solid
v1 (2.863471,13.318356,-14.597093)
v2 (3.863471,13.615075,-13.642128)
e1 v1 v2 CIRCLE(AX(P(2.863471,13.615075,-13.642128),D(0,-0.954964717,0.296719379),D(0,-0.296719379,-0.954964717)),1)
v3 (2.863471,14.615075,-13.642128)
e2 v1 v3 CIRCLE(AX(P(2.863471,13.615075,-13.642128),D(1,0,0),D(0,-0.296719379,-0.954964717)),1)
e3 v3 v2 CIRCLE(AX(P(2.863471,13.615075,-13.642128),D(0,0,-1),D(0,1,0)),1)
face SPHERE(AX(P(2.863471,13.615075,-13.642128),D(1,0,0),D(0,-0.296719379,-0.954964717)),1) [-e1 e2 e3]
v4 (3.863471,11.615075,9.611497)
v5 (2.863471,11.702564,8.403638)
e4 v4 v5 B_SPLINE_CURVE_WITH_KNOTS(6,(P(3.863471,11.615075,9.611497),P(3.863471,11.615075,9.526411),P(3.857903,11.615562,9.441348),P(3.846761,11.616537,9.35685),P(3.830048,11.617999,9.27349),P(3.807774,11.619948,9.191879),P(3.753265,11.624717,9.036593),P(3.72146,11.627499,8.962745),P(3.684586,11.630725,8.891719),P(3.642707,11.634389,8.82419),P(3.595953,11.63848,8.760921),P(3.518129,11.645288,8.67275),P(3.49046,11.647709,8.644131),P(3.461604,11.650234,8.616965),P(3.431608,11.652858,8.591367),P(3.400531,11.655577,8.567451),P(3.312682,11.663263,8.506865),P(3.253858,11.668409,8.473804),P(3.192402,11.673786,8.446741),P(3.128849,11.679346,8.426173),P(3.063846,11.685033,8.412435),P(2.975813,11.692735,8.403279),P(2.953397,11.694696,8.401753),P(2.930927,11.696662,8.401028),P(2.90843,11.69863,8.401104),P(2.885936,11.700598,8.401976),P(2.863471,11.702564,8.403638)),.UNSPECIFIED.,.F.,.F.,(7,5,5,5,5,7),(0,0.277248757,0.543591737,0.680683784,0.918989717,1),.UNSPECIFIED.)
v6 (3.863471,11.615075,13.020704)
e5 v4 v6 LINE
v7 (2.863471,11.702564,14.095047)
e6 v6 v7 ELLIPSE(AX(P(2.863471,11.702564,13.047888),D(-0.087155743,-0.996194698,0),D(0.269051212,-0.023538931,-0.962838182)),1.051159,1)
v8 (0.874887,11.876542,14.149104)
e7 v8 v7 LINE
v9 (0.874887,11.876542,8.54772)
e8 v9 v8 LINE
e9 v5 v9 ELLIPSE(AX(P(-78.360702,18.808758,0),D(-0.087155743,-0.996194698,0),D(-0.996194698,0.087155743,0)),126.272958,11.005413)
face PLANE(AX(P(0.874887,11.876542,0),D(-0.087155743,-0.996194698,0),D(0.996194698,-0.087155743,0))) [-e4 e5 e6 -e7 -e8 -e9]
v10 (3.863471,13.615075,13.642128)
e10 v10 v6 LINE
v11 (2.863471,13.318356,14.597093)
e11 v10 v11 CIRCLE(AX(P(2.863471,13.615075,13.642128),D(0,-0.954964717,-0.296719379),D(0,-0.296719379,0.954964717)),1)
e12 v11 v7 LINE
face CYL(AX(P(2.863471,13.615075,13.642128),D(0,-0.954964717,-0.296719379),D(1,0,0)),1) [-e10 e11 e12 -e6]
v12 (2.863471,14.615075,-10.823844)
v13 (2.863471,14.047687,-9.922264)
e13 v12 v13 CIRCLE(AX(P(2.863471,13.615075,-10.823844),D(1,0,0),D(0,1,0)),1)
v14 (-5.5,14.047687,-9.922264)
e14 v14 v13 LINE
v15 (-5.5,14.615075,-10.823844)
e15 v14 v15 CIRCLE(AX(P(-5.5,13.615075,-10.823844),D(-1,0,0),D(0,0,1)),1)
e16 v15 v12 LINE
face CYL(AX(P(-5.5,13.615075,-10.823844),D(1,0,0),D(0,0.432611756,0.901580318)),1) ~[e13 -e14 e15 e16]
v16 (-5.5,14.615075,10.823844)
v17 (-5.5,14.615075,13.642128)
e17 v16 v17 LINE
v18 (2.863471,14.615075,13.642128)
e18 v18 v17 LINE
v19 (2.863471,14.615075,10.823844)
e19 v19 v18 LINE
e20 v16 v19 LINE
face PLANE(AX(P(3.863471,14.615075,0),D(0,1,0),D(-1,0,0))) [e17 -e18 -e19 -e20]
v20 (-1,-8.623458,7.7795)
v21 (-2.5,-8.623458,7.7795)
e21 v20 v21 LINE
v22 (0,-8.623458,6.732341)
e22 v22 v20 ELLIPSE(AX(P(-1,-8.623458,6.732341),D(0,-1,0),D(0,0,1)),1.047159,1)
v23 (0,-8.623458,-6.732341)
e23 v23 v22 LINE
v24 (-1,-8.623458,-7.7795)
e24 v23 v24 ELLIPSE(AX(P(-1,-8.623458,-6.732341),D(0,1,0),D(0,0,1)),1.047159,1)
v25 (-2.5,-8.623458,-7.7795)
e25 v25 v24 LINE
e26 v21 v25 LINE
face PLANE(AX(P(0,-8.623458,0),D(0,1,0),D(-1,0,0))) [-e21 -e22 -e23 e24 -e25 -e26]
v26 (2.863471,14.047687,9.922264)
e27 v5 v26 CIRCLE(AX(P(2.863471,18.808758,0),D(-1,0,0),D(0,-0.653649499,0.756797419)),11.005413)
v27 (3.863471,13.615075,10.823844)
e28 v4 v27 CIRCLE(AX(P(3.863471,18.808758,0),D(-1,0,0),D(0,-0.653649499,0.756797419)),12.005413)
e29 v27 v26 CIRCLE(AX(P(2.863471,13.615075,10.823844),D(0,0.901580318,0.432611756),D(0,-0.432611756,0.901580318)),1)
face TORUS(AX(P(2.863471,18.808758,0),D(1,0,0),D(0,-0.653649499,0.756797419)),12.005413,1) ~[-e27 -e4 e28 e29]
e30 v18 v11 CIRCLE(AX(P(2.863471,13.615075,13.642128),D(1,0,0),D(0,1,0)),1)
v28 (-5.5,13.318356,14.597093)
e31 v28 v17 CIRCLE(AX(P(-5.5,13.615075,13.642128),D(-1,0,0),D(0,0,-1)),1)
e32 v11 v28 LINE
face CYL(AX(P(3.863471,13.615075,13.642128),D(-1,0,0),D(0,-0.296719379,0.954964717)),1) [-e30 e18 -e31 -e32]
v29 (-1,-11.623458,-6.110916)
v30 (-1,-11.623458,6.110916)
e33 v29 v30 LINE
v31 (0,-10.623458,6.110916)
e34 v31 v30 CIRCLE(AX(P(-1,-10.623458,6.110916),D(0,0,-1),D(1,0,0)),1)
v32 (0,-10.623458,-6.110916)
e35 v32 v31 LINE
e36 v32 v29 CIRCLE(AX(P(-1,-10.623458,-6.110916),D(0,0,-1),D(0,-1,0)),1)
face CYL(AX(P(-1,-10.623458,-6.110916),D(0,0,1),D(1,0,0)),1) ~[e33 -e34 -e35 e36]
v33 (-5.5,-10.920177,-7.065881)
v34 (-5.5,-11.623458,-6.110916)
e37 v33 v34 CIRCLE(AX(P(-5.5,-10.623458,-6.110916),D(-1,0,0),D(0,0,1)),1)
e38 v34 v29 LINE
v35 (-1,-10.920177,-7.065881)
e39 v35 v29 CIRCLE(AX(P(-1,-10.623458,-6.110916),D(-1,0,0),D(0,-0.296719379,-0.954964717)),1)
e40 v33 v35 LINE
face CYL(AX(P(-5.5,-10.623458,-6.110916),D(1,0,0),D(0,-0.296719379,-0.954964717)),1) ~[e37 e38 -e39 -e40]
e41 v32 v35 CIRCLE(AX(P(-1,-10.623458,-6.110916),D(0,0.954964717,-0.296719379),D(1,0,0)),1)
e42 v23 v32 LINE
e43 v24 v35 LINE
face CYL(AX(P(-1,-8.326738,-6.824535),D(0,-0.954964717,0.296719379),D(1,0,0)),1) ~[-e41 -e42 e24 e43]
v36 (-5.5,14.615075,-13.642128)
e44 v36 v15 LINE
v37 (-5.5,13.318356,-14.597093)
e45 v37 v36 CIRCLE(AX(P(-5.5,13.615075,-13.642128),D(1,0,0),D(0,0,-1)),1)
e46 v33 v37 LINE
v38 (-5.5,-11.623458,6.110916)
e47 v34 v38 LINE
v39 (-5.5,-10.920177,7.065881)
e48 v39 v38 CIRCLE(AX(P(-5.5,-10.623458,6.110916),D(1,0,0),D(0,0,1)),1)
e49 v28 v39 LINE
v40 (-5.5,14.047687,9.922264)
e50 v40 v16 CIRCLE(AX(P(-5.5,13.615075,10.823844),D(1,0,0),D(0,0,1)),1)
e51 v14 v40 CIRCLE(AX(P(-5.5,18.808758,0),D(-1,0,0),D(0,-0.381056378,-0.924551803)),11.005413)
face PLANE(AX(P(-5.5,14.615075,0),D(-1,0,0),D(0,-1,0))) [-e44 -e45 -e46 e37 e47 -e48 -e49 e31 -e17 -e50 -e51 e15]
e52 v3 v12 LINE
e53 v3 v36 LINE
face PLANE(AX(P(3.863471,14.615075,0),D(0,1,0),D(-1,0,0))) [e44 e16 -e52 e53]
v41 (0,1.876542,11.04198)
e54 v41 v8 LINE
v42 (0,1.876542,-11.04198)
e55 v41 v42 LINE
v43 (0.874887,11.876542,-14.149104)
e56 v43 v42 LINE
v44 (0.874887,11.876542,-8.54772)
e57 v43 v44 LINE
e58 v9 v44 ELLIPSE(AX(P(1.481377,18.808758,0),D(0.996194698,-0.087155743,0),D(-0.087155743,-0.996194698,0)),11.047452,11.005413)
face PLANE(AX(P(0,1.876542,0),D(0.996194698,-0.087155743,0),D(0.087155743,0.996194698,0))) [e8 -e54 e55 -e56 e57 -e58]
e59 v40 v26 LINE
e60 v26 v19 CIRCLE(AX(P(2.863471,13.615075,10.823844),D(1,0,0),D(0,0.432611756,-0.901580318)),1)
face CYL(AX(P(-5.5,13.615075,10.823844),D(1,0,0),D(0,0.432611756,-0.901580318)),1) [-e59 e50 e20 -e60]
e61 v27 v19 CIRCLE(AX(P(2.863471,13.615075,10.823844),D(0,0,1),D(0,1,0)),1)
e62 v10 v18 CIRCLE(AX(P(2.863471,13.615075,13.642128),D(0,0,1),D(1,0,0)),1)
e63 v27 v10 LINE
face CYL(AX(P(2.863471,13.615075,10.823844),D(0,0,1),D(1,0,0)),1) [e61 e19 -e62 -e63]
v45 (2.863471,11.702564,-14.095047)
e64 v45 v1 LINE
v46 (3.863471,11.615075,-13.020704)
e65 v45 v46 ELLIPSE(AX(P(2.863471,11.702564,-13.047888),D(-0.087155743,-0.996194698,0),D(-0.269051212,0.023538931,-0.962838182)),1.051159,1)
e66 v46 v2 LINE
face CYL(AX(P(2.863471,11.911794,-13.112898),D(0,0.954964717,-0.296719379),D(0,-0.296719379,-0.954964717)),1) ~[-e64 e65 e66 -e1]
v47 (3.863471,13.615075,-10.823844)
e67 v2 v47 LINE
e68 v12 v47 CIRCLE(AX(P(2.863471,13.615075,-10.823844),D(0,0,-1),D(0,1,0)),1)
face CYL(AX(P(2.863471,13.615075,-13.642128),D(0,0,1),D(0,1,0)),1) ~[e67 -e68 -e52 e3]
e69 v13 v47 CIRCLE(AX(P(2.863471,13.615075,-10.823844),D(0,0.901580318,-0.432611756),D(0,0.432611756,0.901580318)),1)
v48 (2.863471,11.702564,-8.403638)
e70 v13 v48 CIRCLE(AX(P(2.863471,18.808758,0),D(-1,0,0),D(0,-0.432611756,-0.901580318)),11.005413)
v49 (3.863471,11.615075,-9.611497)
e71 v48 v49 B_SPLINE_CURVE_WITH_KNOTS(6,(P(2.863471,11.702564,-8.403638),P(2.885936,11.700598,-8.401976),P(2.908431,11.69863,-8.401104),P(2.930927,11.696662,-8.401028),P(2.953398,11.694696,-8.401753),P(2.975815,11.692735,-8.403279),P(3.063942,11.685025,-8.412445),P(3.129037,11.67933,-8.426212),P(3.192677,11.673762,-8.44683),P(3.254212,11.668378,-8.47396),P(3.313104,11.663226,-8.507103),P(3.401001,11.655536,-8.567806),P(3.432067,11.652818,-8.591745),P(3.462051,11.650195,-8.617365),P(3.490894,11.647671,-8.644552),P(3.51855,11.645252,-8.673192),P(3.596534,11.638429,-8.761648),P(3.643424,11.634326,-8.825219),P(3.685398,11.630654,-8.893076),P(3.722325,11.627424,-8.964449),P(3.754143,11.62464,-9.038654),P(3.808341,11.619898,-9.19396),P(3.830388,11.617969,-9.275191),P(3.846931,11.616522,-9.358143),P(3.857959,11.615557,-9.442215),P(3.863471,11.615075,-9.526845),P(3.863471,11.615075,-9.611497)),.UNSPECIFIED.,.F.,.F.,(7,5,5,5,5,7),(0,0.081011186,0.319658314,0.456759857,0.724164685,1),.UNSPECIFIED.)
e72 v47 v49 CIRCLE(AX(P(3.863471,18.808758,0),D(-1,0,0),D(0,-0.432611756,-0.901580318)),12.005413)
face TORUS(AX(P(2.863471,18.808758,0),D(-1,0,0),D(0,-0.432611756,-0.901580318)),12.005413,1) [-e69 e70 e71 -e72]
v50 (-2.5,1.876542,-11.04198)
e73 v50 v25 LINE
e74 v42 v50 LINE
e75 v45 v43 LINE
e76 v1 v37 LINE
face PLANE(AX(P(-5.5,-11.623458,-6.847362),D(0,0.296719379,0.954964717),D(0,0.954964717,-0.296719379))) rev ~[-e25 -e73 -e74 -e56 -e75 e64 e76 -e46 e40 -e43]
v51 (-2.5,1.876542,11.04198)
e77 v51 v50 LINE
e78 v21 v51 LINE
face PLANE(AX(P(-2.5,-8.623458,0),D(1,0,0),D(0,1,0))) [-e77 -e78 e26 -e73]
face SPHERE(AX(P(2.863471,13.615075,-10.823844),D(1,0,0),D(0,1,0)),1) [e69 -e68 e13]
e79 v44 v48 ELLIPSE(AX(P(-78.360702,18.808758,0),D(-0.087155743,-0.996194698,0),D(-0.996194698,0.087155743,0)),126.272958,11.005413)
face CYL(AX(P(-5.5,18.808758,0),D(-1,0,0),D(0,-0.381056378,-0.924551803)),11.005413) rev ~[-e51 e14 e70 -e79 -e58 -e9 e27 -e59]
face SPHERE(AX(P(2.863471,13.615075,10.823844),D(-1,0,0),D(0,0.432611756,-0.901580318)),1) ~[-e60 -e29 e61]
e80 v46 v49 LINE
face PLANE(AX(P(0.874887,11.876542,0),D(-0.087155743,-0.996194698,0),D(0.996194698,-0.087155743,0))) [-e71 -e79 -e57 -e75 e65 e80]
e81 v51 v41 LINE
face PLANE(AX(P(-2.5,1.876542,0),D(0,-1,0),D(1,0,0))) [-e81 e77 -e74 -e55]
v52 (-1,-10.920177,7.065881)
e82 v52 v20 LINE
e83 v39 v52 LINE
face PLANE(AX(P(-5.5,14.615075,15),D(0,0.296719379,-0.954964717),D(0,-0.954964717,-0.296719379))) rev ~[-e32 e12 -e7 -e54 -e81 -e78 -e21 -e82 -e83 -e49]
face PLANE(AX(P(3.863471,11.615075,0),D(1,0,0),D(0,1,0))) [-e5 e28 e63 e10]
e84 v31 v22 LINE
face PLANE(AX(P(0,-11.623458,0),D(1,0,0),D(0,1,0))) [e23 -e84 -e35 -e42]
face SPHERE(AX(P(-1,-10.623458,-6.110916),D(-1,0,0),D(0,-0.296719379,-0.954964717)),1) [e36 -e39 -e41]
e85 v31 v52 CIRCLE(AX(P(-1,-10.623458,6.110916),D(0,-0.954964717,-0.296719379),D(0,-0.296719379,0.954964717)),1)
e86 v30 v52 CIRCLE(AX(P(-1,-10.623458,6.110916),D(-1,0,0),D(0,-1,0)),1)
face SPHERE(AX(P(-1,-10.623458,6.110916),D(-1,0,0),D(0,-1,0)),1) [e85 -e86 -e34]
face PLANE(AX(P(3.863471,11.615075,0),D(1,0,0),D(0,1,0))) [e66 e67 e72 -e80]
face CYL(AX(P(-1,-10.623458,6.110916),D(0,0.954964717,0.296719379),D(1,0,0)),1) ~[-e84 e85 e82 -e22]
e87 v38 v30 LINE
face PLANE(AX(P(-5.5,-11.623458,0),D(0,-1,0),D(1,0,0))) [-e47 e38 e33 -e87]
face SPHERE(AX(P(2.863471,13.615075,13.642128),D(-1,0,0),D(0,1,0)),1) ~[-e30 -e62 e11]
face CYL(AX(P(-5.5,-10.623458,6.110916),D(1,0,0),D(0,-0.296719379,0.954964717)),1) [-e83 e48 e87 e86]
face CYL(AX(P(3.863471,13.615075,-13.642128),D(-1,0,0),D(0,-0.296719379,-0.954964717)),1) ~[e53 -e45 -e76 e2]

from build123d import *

# Parameters (mm, degrees)
F1_DEPTH = 15
F3_DEPTH = 9.3644707295
F4_R     = 1
F5_R     = 1


with BuildPart() as f1:
    # F0 (on Top) → F1 (new body, symmetric)
    with BuildSketch(Plane.XY):
        Polygon((0, 1.8765421212), (0.8748866353, 11.8765421212), (3.8634707295, 11.6150748929), (3.8634707295, 14.6150748929), (-5.5, 14.6150748929), (-5.5, -11.6234578788), (0, -11.6234578788), (0, -8.6234578788), (-2.5, -8.6234578788), (-2.5, 1.8765421212), align=None)
    extrude(amount=F1_DEPTH, both=True)

    # F2 (on face) → F3 (cut, through all)
    with BuildSketch(Plane(origin=(-5.5, 0, 0), x_dir=(0, -1, 0), z_dir=(-1, 0, 0))):
        Polygon((11.6234578788, -15), (11.6234578788, -6.8473624997), (-14.6150748929, -15), align=None)
        Polygon((11.6234578788, 15), (-14.6150748929, 15), (11.6234578788, 6.8473624997), align=None)
        with BuildLine():
            ThreePointArc((-14.6150748929, -10.1750748602), (-7.8033444248, 0), (-14.6150748929, 10.1750748602))
            Line((-14.6150748929, 10.1750748602), (-14.6150748929, -10.1750748602))
        make_face()
    extrude(amount=-F3_DEPTH, mode=Mode.SUBTRACT)

    # F4
    f4_edges = [f1.edges().sort_by_distance(p)[0] for p in [
        (-0.818265, 14.615075, 15),
        (-0.818265, 14.615075, -10.175075),
        (-0.818265, 14.615075, 10.175075),
        (-0.818265, 14.615075, -15),
        (-2.75, -11.623458, -6.847362),
        (-2.75, -11.623458, 6.847362),
    ]]
    fillet(f4_edges, radius=F4_R)

    # F5
    f5_edges = [f1.edges().sort_by_distance(p)[0] for p in [
        (3.863471, 14.615075, -12.232986),
        (3.863471, 14.615075, 12.232986),
        (0, -11.623458, 0),
    ]]
    fillet(f5_edges, radius=F5_R)


solid = f1.part
